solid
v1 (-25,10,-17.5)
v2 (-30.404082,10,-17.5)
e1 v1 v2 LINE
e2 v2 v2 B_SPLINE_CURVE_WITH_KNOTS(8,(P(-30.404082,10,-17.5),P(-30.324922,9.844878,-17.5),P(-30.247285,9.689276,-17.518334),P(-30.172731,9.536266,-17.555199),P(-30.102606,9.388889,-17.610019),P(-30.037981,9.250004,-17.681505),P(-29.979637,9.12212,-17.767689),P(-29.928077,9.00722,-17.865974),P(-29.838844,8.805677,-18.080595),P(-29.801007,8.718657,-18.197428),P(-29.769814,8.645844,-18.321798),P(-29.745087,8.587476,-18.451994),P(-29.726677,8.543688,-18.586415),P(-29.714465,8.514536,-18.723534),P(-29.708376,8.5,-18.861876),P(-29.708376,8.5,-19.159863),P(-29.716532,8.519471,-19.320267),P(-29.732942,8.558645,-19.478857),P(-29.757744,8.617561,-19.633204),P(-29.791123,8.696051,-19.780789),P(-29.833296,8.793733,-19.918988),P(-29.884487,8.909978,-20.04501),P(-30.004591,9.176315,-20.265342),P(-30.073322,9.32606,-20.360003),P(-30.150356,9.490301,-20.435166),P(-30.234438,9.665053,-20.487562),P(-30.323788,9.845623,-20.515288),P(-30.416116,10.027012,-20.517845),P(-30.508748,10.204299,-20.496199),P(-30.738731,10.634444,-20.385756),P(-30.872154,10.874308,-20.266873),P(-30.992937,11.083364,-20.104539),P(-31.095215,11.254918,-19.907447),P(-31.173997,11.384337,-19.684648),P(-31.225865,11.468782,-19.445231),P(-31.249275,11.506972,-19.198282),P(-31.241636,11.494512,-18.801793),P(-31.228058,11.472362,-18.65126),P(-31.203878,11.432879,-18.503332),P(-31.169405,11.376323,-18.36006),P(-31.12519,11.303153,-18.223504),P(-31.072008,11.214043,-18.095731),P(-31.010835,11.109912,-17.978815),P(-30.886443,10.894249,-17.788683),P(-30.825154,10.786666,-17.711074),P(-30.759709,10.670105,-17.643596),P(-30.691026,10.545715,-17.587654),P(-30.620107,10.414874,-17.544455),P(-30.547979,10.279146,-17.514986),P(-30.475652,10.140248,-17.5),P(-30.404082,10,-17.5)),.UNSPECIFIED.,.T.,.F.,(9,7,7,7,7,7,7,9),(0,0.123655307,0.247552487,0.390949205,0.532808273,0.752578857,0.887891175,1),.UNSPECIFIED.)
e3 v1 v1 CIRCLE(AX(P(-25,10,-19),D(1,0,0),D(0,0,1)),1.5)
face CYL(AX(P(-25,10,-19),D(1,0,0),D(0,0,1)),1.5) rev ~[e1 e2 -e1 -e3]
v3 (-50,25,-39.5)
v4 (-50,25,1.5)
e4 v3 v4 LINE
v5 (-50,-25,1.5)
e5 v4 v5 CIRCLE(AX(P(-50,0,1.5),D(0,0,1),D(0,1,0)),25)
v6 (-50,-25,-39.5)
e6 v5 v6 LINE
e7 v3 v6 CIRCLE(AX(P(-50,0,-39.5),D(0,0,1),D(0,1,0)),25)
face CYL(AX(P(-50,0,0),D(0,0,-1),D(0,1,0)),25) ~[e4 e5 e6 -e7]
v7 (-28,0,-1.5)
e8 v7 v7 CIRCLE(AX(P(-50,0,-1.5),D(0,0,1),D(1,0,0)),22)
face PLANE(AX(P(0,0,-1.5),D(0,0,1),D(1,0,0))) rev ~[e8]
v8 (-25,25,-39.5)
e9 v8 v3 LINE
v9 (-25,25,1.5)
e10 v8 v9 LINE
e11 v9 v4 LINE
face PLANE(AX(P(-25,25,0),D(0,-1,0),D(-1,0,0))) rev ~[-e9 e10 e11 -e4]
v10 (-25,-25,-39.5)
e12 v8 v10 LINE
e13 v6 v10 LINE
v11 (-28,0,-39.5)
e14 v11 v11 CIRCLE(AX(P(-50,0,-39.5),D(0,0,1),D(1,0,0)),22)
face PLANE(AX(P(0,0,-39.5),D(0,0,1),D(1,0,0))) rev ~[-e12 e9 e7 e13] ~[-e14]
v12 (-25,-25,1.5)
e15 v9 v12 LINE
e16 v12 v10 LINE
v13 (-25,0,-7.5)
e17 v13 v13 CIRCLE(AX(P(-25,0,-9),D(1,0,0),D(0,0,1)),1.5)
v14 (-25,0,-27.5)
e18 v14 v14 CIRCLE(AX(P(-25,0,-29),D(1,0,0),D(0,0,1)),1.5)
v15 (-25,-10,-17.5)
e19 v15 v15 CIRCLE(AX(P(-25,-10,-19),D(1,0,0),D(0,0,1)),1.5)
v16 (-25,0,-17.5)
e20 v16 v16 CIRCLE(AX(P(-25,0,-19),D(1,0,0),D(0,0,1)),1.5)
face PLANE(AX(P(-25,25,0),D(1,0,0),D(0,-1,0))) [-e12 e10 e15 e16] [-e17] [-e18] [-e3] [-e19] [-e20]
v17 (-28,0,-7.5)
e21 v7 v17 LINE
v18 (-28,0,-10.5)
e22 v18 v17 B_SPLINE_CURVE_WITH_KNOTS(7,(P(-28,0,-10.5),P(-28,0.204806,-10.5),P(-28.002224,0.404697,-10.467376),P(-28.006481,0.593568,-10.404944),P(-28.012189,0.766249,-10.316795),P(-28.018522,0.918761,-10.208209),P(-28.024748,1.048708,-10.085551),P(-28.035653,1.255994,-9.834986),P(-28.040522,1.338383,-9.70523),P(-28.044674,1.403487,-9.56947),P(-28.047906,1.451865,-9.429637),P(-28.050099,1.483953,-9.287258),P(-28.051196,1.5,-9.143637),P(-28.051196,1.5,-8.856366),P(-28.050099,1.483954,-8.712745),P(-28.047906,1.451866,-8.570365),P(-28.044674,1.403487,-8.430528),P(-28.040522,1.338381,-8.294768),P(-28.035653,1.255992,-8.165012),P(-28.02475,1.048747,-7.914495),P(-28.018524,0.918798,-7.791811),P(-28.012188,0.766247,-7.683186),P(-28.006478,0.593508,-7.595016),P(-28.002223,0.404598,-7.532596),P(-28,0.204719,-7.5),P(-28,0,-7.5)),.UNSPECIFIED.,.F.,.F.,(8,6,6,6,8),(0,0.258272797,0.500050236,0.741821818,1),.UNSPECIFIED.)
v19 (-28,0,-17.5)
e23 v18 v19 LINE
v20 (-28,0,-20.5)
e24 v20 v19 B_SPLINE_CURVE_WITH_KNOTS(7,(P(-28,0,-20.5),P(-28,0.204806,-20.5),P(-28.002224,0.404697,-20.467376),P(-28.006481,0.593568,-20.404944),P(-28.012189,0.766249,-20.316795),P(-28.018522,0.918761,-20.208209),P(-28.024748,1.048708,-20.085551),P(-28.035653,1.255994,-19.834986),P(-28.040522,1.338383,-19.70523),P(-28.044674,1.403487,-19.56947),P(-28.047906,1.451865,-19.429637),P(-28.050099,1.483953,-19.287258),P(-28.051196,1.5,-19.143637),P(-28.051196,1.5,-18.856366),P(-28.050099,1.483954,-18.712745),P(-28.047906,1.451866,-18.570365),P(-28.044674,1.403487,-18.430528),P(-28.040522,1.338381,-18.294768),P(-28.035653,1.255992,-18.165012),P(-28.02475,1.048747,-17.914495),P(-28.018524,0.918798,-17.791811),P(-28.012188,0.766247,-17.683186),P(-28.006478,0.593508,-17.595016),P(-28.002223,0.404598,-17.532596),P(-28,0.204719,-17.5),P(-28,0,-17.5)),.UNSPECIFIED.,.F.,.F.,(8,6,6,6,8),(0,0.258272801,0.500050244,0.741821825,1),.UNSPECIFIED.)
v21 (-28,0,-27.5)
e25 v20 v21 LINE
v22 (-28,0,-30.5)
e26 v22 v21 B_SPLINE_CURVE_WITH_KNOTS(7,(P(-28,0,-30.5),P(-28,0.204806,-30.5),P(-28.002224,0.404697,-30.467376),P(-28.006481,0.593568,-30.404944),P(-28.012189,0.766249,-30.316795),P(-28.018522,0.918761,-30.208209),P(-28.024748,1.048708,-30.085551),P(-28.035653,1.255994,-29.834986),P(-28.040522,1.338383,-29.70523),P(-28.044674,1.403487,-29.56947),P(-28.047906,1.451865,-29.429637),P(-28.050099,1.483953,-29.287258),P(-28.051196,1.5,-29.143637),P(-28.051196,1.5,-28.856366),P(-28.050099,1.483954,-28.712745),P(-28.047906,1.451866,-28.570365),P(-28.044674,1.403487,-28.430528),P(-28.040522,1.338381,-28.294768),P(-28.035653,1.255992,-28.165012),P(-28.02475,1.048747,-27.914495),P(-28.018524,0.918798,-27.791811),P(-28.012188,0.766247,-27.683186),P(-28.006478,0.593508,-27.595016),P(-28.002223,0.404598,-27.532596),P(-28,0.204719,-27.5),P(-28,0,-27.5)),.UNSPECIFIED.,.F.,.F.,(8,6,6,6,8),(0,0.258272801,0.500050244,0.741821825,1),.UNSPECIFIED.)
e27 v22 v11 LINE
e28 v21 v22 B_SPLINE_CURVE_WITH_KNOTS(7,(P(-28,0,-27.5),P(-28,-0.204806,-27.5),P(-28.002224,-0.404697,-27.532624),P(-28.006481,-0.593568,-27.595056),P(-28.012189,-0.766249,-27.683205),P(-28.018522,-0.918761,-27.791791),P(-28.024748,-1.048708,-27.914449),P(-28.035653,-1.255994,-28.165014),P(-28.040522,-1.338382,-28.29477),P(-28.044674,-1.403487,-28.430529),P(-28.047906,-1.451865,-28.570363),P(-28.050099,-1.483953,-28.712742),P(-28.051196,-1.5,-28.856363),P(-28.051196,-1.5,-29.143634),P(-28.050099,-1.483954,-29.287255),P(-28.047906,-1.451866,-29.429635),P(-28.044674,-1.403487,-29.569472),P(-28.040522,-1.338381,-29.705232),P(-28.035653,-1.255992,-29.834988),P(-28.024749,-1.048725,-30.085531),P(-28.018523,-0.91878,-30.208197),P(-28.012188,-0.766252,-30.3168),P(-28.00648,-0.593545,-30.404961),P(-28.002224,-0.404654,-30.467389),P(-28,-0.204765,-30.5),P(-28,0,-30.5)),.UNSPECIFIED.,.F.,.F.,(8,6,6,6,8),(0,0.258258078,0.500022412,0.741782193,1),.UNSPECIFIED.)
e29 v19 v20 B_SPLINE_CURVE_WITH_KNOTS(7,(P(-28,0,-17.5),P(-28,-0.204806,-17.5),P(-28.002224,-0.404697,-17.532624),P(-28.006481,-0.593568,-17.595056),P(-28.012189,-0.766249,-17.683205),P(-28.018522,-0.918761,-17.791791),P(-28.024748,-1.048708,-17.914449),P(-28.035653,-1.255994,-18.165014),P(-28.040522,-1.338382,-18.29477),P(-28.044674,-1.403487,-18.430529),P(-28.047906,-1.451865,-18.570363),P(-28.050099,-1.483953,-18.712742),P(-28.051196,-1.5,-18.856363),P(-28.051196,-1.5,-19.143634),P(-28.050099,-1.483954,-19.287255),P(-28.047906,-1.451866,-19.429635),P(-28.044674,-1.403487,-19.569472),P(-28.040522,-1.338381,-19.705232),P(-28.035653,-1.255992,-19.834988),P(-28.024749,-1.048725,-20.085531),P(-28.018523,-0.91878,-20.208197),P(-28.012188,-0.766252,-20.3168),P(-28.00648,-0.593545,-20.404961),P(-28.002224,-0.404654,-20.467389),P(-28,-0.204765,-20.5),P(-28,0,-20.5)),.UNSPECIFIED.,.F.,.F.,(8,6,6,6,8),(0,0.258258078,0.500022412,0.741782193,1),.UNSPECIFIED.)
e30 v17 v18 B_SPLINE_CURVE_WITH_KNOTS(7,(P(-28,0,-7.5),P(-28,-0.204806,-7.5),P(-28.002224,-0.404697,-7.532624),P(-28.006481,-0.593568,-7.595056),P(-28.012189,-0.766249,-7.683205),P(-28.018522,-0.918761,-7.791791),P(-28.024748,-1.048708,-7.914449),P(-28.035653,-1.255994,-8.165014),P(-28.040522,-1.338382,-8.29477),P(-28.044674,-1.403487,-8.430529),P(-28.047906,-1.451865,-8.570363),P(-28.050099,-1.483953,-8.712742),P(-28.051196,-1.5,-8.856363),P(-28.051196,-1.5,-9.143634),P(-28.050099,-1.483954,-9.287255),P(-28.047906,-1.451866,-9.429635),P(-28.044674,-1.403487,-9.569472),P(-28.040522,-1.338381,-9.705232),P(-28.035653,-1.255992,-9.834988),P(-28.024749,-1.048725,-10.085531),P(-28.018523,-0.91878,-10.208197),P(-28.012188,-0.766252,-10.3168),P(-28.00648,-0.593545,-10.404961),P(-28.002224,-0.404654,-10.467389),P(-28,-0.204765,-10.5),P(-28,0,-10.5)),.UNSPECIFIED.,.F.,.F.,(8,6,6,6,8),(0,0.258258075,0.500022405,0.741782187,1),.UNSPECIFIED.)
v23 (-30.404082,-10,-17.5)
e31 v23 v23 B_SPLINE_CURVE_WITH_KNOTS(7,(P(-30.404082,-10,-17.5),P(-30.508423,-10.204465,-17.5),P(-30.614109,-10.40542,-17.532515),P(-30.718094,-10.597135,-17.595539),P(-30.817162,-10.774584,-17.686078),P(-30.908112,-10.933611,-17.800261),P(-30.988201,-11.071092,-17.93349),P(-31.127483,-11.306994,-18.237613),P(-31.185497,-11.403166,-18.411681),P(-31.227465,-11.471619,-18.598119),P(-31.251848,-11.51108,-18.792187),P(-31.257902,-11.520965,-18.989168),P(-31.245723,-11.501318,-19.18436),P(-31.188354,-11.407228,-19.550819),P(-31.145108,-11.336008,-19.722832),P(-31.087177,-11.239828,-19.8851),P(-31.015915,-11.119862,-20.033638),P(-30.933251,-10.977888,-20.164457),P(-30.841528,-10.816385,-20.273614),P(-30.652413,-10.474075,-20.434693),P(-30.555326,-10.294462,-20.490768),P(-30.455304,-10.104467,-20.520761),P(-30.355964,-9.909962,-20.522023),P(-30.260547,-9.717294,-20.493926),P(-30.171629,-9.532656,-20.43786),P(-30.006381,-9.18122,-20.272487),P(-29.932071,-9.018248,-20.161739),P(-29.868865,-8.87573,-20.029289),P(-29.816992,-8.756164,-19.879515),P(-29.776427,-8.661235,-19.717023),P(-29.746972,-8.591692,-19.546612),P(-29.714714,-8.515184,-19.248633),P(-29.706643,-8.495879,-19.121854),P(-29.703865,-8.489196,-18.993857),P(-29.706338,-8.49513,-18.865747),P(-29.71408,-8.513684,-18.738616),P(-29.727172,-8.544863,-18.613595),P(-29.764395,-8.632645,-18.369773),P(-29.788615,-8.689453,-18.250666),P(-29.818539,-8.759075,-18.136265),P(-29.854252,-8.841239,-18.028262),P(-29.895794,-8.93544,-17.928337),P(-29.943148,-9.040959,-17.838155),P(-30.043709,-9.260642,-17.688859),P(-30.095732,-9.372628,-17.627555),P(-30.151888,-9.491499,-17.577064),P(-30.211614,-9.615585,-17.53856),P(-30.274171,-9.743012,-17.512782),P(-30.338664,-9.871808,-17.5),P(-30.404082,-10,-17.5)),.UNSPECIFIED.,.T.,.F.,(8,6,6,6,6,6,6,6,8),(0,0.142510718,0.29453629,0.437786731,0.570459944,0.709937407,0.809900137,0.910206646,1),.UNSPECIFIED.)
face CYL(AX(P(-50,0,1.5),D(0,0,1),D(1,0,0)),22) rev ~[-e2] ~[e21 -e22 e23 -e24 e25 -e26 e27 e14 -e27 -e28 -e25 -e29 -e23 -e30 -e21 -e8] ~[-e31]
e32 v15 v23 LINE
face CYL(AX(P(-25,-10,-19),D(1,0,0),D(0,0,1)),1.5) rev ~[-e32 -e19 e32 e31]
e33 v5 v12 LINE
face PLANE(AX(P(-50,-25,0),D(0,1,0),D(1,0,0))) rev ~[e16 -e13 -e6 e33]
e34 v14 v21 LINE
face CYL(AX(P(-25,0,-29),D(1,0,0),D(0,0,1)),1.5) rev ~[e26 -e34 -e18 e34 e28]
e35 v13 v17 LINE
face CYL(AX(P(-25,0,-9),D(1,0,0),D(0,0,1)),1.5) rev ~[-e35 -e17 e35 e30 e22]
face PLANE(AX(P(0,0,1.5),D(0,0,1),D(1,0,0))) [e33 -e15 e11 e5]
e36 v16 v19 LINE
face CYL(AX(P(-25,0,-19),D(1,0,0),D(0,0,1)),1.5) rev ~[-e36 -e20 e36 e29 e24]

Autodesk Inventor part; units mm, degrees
ref_plane "YZ Plane" through (0, 0, 0) normal (1, 0, 0) x (0, 1, 0)
ref_plane "XZ Plane" through (0, 0, 0) normal (0, 1, 0) x (-1, 0, 0)
ref_plane "XY Plane" through (0, 0, 0) normal (0, 0, 1) x (1, 0, 0)
sketch "草圖1" plane through (0, 0, 0) normal (0, 0, 1) x (1, 0, 0)
  line L0 (0, 0) -> (-50, 0) construction
  line L1 (0, 25) -> (-50, 25)
  line L2 (-50, -25) -> (0, -25)
  arc A0 (0, -25) -> (0, 25) centre (0, 0) ccw
  arc A1 (-50, 25) -> (-50, -25) centre (-50, 0) ccw
  line L3 (-25, 25) -> (-25, -25)
  point P0 (-25, 0)
  point P1 (25, 0)
  point P2 (-75, 0)
  dimension "d0" = 50
  dimension "d1" = 100
extrude "擠出1" add sketch "草圖1" along normal mid plane 3 contours L3 L2 A1 L1
sketch "草圖2" plane through (0, 0, 1.5) normal (0, 0, 1) x (1, 0, 0)
  arc A0 (-50, 25) -> (-50, -25) centre (-50, 0) ccw projected
  circle A1 centre (-50, 0) radius 25
  circle A2 centre (-50, 0) radius 22
  line L0 (-50, -25) -> (-25, -25) projected
  line L1 (-25, -25) -> (-25, 25) projected
  line L2 (-25, 25) -> (-50, 25) projected
  arc A3 (-50, 25) -> (-50, -25) centre (-50, 0) ccw projected
  point P0 (0, 0)
  point P1 (-50, 25)
  point P2 (-50, -25)
  dimension "d4" = 3
extrude "擠出2" add sketch "草圖2" against normal blind 41
sketch "草圖3" plane through (-25, -25, -1.5) normal (1, 0, 0) x (0, 0, 1)
  line L0 (-38, -50) -> (3, -50) construction
  line L1 (-38, -50) -> (-38, 0) construction
  line L2 (-38, 0) -> (3, 0) construction
  circle A0 centre (-17.5, -25) radius 1.5
  circle A1 centre (-27.5, -25) radius 1.5
  circle A2 centre (-17.5, -35) radius 1.5
  circle A3 centre (-7.5, -25) radius 1.5
  circle A4 centre (-17.5, -15) radius 1.5
  line L3 (-17.5, -50) -> (-17.5, 0) construction
  line L4 (3, 0) -> (3, -50) projected
  point P0 (1.5, -25)
  point P1 (-17.5, -25)
  dimension "d7" = 3
  dimension "d10" = 360
  dimension "d12" = 10
extrude "擠出3" cut sketch "草圖3" against normal up to surface
properties part number "Arm_5"
